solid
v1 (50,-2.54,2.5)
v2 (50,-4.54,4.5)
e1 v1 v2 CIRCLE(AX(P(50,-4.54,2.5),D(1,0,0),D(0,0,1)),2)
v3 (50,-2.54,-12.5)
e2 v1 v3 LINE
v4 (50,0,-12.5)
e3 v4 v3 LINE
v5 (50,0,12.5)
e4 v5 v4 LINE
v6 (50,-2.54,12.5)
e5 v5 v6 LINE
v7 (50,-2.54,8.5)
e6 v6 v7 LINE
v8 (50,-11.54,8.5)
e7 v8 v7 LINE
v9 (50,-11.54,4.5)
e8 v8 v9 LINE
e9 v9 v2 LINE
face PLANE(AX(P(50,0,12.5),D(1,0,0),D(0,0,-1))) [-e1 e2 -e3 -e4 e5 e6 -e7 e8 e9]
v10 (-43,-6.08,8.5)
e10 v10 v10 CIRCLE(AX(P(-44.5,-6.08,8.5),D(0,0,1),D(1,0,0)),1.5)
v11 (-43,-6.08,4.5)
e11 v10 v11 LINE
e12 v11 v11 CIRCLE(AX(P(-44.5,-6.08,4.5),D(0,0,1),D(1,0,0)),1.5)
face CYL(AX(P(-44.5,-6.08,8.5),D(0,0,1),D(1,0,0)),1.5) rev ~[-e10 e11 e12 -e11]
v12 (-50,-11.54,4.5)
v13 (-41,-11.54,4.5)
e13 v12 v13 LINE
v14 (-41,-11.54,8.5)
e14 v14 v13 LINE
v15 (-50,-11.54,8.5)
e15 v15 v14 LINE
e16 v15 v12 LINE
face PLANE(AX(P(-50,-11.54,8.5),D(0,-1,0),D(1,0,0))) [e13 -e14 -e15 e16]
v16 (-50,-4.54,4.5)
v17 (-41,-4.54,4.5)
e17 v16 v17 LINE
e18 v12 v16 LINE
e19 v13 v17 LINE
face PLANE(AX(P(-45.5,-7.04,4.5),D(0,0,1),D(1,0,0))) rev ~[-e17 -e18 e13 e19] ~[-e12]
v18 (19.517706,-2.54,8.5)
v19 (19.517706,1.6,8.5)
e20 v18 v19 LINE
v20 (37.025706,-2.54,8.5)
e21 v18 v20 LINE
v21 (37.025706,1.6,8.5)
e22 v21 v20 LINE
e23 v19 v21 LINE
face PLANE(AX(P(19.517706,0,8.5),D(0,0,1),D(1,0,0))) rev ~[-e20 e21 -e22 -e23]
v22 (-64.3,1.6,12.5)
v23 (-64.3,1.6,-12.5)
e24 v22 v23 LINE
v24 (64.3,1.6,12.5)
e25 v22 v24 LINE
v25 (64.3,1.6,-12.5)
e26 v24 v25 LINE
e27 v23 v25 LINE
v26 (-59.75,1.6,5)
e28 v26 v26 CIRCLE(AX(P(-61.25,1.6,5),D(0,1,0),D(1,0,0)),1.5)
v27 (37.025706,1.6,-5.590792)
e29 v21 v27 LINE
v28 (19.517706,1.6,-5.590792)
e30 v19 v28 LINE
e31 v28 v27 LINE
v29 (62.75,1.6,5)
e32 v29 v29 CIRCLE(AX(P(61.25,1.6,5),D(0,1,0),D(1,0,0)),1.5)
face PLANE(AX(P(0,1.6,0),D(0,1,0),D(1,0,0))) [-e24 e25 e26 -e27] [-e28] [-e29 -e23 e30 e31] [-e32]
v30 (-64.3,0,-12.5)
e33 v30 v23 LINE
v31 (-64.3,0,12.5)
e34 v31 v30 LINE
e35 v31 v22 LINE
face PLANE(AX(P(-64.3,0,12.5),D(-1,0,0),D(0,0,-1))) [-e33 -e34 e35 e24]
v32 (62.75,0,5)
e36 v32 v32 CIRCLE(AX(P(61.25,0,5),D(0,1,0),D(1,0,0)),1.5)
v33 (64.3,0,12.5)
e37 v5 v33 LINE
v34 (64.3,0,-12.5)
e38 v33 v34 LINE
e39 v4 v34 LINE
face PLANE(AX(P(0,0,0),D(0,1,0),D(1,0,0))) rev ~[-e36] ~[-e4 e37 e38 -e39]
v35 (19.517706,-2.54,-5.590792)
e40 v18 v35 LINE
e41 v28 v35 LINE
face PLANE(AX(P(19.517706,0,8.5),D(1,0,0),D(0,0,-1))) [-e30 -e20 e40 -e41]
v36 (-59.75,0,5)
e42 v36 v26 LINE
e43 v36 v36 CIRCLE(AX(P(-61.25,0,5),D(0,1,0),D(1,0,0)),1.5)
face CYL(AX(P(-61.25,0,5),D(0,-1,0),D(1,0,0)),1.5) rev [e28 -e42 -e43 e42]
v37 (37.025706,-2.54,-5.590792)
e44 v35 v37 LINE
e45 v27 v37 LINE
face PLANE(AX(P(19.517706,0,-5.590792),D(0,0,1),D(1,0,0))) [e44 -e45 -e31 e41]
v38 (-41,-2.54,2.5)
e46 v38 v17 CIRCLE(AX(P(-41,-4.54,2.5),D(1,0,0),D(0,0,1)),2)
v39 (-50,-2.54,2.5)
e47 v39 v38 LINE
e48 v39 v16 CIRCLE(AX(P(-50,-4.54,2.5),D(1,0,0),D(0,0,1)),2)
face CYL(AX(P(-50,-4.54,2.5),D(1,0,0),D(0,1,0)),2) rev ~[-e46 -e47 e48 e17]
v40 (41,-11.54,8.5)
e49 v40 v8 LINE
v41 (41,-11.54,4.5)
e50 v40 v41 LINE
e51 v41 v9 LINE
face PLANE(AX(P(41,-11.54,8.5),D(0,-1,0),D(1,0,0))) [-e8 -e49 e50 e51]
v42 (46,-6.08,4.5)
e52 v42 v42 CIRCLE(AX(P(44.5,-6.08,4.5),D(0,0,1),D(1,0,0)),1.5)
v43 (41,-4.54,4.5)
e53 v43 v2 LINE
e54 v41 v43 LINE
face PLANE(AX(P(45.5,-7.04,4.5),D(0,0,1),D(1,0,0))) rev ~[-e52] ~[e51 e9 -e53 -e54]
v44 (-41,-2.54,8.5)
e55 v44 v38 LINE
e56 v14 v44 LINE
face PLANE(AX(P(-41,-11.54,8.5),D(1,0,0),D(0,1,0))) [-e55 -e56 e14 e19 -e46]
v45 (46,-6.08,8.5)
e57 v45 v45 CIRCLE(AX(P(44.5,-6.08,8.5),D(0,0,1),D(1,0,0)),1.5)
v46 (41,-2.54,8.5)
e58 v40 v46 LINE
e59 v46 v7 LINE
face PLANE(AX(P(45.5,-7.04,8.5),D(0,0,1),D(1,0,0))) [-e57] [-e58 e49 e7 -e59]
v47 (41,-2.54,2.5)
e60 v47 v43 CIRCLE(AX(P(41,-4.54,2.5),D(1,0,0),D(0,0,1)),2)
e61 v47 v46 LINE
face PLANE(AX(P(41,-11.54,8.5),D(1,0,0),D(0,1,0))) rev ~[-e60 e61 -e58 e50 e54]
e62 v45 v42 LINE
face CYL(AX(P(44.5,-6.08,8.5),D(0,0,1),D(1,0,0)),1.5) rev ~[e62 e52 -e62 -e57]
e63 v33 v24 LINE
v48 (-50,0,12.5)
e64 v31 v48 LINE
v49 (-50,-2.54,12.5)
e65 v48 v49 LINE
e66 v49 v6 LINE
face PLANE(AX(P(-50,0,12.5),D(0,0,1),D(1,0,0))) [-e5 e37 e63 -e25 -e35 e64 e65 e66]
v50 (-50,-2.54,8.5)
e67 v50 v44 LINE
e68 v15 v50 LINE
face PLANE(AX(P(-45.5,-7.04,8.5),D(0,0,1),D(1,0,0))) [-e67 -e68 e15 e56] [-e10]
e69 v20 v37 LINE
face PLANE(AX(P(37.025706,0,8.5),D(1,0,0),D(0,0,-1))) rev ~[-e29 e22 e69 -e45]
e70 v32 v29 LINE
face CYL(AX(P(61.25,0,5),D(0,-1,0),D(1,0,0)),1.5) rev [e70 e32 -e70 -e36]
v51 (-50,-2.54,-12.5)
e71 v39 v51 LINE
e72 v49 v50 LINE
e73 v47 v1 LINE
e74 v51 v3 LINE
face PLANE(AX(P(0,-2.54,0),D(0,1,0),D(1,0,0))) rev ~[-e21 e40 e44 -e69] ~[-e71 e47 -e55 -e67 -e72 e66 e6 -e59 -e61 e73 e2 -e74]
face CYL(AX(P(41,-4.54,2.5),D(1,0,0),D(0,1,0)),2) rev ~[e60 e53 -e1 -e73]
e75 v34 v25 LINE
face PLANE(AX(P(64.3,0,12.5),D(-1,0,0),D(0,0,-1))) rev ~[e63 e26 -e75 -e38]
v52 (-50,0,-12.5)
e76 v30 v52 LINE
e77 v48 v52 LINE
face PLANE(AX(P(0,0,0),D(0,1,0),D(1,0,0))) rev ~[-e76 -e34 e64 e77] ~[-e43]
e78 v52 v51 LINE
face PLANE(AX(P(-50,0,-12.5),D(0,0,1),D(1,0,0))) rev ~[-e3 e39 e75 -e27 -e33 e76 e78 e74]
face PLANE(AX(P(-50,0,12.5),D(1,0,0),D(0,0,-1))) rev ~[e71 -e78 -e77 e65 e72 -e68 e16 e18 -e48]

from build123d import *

# Parameters (mm, degrees)
SKETCH1_W           = 128.6
SKETCH1_H           = 25
SKETCH1_R           = 1.5
SKETCH1_W_2         = 17.508
SKETCH1_H_2         = 14.090792215
BOSS_EXTRUDE1_DEPTH = 1.6
SKETCH3_W           = 100
SKETCH3_H           = 25
SKETCH3_W_2         = 17.508
SKETCH3_H_2         = 14.090792215
BOSS_EXTRUDE4_DEPTH = 2.54
SKETCH4_W           = 9
SKETCH4_H           = 9
SKETCH4_R           = 1.5
BOSS_EXTRUDE5_DEPTH = 4
FILLET1_R           = 2


with BuildPart() as part:
    # Sketch1 → Boss-Extrude1 (new body)
    with BuildSketch(Plane(origin=(0, 0, 0), x_dir=(1, 0, 0), z_dir=(0, 1, 0))):
        Rectangle(SKETCH1_W, SKETCH1_H)
        with Locations((-61.25, -5)):
            Circle(SKETCH1_R, mode=Mode.SUBTRACT)
        with Locations((61.25, -5)):
            Circle(SKETCH1_R, mode=Mode.SUBTRACT)
        with Locations((28.271706015, -1.454603892)):
            Rectangle(SKETCH1_W_2, SKETCH1_H_2, mode=Mode.SUBTRACT)
    extrude(amount=BOSS_EXTRUDE1_DEPTH)

    # Sketch3 → Boss-Extrude4 (add)
    with BuildSketch(Plane(origin=(0, 0, 0), x_dir=(1, 0, 0), z_dir=(0, 1, 0))):
        Rectangle(SKETCH3_W, SKETCH3_H)
        with Locations((28.271706015, -1.454603892)):
            Rectangle(SKETCH3_W_2, SKETCH3_H_2, mode=Mode.SUBTRACT)
    extrude(amount=-BOSS_EXTRUDE4_DEPTH)

    # Sketch4 → Boss-Extrude5 (add)
    with BuildSketch(Plane.XY.offset(8.5)):
        with Locations((-45.5, -7.04)):
            Rectangle(SKETCH4_W, SKETCH4_H)
        with Locations((-44.5, -6.08)):
            Circle(SKETCH4_R, mode=Mode.SUBTRACT)
        with Locations((45.5, -7.04)):
            Rectangle(SKETCH4_W, SKETCH4_H)
        with Locations((44.5, -6.08)):
            Circle(SKETCH4_R, mode=Mode.SUBTRACT)
    extrude(amount=-BOSS_EXTRUDE5_DEPTH)

    # Fillet1
    fillet1_edges = [part.edges().sort_by_distance(p)[0] for p in [
        (-45.5, -2.54, 4.5),
        (45.5, -2.54, 4.5),
    ]]
    fillet(fillet1_edges, radius=FILLET1_R)


solid = part.part
